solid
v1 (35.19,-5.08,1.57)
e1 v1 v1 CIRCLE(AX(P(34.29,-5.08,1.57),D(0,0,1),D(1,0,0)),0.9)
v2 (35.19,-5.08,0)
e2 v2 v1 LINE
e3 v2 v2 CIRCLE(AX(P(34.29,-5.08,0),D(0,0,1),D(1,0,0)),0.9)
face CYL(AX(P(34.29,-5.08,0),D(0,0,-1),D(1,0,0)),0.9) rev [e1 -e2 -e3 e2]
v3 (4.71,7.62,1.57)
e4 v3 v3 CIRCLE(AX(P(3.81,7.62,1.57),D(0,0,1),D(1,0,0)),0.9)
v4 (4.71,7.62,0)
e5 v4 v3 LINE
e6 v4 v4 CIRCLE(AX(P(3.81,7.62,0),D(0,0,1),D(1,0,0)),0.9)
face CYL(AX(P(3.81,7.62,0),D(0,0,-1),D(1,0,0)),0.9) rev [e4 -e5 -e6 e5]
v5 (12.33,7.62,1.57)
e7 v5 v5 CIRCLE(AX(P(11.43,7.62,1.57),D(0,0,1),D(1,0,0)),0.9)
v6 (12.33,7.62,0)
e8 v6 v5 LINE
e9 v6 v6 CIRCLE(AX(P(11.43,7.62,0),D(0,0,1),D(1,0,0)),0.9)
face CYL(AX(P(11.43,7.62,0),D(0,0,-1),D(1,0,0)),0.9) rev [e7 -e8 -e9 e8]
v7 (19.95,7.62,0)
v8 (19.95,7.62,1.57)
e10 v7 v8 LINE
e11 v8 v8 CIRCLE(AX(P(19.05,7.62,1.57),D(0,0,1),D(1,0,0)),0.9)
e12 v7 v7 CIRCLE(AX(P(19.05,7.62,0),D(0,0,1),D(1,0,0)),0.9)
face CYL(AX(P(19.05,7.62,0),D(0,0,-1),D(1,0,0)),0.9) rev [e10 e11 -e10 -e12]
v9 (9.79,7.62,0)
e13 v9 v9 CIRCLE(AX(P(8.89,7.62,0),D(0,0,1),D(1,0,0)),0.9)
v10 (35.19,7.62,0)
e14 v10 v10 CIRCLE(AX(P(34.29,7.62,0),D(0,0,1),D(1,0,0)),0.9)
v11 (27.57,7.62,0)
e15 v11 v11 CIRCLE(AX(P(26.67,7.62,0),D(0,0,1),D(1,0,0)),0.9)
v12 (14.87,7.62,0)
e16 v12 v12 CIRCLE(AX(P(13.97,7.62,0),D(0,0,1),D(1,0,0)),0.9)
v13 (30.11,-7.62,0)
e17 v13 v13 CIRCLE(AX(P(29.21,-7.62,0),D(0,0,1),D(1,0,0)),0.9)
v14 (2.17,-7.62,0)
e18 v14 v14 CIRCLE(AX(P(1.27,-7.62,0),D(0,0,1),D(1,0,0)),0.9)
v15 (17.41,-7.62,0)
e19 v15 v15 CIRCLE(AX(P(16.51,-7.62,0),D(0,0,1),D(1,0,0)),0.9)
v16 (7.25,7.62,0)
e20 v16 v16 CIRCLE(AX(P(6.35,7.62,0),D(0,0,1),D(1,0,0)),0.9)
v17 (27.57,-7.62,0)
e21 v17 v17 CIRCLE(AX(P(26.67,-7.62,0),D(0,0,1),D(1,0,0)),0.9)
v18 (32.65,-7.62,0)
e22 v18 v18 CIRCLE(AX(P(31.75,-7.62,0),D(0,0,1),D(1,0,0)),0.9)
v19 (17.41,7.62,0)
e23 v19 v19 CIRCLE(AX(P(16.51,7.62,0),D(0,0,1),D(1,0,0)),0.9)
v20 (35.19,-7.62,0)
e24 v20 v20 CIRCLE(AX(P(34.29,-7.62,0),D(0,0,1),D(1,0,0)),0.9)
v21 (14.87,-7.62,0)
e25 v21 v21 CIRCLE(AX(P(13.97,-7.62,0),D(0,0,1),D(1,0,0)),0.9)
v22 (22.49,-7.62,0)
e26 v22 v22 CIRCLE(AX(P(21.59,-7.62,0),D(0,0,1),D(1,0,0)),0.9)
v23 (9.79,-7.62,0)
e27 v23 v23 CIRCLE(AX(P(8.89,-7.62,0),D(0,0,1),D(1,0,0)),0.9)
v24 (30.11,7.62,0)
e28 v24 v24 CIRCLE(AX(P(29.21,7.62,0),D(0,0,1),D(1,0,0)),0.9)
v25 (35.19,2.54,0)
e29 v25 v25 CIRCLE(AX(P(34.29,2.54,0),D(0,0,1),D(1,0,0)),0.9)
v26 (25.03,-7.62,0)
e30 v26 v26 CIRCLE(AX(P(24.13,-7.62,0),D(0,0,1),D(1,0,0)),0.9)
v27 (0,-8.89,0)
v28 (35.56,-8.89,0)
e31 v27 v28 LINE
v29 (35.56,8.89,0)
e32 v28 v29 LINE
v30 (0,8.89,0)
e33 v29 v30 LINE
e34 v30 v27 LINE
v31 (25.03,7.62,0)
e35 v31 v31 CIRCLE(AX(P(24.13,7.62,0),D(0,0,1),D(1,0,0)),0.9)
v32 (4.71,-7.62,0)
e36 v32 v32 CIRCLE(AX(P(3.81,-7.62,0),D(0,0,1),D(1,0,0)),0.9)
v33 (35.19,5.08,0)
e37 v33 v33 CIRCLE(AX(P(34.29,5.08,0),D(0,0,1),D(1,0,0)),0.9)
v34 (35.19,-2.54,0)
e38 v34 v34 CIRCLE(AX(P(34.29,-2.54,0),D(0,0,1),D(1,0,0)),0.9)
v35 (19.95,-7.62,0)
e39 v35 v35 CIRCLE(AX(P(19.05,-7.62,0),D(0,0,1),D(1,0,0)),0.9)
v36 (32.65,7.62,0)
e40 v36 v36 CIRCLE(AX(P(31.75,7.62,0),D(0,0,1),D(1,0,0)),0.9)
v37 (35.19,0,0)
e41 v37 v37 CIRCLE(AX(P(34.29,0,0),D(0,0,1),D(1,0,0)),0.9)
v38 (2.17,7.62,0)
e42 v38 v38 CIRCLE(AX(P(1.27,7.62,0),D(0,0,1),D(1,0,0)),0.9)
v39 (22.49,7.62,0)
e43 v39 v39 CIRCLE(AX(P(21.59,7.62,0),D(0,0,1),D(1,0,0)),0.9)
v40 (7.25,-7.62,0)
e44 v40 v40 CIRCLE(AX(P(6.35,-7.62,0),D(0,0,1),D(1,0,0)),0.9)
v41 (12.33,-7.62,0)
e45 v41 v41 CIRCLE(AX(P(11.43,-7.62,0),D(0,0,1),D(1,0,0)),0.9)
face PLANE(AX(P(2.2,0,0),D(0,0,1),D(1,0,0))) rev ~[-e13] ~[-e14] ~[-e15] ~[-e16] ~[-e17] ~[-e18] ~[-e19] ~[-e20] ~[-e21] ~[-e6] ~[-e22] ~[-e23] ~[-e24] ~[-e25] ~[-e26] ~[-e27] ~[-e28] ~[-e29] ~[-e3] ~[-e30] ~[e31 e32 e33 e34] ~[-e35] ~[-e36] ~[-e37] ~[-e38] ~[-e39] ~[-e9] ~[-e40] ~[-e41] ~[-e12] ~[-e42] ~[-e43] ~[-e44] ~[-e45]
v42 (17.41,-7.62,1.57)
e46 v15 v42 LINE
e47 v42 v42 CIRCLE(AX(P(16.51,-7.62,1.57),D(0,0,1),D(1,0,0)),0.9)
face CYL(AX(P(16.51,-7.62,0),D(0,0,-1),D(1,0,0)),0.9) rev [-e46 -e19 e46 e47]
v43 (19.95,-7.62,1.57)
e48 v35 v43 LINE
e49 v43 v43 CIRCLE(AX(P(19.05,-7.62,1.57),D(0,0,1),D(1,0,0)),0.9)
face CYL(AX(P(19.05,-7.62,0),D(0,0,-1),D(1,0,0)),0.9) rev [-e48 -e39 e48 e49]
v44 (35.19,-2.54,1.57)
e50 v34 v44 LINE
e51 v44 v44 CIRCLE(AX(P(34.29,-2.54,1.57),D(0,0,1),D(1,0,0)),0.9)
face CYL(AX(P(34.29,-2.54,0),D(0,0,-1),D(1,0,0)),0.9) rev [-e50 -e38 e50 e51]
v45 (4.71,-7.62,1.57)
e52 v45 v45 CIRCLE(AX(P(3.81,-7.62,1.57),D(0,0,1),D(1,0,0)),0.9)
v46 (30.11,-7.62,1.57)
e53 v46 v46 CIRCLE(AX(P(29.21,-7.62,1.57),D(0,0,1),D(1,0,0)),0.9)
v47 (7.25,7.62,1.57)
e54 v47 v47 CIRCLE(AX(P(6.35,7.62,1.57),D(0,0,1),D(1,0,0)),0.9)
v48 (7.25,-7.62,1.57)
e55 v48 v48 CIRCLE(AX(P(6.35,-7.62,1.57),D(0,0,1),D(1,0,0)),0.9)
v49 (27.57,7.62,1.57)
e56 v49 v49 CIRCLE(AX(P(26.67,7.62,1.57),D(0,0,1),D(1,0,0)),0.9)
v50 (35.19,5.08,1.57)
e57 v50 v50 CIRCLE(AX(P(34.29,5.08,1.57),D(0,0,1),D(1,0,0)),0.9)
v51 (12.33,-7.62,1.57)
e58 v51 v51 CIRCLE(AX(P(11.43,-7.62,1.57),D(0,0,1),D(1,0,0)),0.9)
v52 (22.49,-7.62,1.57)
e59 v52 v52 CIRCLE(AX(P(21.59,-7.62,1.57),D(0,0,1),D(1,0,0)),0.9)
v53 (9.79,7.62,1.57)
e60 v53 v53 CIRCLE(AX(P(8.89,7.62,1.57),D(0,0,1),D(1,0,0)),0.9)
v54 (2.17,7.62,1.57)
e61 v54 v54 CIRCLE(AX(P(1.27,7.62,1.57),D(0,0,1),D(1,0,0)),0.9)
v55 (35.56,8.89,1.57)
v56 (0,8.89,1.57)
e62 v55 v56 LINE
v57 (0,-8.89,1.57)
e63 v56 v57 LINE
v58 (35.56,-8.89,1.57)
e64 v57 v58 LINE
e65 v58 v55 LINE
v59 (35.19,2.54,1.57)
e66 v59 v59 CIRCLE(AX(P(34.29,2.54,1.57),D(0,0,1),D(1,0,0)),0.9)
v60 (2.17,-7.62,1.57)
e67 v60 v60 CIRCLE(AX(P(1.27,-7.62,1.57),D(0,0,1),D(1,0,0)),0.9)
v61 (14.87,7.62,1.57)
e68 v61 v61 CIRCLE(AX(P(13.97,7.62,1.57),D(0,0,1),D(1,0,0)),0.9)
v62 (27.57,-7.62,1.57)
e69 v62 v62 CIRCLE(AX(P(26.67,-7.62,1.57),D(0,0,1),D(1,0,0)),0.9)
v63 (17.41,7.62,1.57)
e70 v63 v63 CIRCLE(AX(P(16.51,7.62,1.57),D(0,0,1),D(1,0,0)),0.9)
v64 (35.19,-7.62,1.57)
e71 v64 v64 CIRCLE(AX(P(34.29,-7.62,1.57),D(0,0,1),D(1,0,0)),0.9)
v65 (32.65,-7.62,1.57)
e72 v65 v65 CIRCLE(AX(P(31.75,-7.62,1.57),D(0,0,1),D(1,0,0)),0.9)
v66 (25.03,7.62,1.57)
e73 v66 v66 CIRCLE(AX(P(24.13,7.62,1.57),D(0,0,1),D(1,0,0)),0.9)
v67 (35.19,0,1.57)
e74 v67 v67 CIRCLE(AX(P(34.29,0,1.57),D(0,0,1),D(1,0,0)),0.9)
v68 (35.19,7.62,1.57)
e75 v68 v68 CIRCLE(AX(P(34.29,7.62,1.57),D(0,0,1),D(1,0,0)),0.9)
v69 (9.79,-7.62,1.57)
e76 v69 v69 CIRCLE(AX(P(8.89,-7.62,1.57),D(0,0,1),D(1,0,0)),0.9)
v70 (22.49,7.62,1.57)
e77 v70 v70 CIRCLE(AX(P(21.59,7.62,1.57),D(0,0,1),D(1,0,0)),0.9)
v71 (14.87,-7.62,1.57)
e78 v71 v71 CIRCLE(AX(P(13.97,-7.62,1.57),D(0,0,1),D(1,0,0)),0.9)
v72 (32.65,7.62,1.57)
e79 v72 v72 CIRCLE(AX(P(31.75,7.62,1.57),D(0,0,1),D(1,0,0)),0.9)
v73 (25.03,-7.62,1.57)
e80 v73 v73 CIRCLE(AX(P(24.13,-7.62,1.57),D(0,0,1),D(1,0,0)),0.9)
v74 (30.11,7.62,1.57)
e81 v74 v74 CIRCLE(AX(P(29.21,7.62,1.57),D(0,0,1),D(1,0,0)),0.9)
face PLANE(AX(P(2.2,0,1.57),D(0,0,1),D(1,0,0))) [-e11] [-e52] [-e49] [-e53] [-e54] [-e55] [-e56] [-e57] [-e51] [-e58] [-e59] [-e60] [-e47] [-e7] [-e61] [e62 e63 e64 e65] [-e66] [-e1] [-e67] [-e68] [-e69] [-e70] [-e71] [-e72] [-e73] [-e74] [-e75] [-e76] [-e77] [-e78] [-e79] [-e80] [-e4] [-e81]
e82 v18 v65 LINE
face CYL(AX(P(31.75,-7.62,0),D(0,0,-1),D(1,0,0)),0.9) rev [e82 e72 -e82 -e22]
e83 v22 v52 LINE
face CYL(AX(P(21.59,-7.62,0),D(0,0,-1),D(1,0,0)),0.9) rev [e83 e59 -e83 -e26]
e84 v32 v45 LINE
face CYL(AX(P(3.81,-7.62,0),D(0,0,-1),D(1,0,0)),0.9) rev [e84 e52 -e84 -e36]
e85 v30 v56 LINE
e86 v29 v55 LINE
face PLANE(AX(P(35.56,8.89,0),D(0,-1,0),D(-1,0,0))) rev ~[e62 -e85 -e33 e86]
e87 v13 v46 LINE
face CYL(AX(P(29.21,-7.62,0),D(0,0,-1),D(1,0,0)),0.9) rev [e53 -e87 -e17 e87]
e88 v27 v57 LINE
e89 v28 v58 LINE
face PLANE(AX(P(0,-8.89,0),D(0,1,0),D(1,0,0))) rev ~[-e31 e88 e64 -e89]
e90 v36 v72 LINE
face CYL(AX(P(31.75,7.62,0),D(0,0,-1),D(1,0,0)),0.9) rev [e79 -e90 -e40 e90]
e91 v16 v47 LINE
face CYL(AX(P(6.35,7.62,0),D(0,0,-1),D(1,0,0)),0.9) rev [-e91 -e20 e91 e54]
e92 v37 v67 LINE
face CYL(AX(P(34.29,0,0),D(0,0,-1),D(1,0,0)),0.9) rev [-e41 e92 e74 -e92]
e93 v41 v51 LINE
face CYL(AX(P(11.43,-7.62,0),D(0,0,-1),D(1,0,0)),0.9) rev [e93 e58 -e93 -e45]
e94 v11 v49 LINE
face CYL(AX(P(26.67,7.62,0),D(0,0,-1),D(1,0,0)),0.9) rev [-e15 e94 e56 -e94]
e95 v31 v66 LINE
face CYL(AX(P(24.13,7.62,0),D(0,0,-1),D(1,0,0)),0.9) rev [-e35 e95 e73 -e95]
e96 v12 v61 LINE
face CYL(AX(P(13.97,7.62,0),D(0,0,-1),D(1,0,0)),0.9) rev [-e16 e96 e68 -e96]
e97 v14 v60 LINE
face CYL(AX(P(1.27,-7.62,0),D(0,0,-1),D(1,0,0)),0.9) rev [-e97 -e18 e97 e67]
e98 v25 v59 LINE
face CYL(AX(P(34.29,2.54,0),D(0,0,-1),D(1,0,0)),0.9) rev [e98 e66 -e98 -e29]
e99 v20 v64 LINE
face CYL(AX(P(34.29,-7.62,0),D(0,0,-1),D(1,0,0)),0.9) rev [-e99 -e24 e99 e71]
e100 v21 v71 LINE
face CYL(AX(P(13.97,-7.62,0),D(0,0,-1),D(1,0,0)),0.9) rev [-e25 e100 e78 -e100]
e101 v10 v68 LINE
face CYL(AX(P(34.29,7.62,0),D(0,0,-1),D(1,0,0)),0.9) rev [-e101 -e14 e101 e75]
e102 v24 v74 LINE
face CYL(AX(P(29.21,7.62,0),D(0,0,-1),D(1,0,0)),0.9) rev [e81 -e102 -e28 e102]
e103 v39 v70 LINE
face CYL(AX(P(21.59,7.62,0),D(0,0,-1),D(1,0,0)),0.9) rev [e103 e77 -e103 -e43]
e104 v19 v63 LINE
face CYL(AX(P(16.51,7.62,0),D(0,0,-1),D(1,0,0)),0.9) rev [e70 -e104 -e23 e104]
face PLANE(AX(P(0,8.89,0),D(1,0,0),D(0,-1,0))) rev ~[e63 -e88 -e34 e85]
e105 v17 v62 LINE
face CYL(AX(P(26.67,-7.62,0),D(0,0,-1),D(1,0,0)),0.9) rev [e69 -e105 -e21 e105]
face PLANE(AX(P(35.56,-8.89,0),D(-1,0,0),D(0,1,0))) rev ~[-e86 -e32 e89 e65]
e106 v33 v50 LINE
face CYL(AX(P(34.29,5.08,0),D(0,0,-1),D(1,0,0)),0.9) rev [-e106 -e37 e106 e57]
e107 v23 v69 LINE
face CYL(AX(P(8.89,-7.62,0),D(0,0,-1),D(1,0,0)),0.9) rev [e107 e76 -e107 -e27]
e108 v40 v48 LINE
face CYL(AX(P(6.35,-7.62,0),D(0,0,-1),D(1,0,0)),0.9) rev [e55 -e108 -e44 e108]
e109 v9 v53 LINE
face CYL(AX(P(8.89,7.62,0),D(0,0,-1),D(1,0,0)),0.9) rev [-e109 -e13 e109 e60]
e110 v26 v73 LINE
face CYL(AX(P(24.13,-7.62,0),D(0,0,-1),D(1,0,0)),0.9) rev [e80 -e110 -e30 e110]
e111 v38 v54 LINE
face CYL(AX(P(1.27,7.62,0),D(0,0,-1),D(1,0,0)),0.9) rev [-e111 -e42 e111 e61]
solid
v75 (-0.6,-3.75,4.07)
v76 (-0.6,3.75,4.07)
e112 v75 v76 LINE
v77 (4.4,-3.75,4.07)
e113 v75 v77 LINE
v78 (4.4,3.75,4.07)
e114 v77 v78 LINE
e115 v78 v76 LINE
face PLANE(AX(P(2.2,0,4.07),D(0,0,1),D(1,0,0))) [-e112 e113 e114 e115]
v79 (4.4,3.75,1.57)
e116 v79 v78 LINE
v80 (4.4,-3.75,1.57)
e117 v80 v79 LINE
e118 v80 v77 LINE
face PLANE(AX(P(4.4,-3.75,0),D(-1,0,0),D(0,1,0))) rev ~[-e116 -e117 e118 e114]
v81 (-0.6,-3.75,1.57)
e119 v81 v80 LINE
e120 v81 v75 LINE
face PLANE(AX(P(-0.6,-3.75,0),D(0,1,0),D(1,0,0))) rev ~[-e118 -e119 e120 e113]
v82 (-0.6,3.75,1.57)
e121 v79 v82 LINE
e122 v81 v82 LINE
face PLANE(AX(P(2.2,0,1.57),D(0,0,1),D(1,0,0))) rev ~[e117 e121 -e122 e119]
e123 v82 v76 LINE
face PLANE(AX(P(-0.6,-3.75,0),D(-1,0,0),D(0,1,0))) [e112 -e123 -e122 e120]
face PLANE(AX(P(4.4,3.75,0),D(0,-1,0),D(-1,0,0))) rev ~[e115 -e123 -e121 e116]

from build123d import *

# Parameters (mm, degrees)
F0_W     = 4.4
F0_H     = 7.5
F0_W_2   = 0.6
F1_DEPTH = 4.07
F2_DEPTH = 1.57
F0_R     = 0.9
F3_DEPTH = 1.57


with BuildPart() as f1:
    # F0 (on Top) → F1 (new body)
    with BuildSketch(Plane.XY):
        with Locations((2.2, 0)):
            Rectangle(F0_W, F0_H)
        with Locations((-0.3, 0)):
            Rectangle(F0_W_2, F0_H)
    extrude(amount=F1_DEPTH)

    # F0 (on Top) → F2 (cut)
    with BuildSketch(Plane.XY):
        with Locations((2.2, 0)):
            Rectangle(F0_W, F0_H)
        with Locations((-0.3, 0)):
            Rectangle(F0_W_2, F0_H)
    extrude(amount=F2_DEPTH, mode=Mode.SUBTRACT)


with BuildPart() as f3:
    # F0 (on Top) → F3 (new body)
    with BuildSketch(Plane.XY):
        with Locations((2.2, 0)):
            Rectangle(F0_W, F0_H)
        Polygon((35.56, 8.89), (0, 8.89), (0, 3.75), (4.4, 3.75), (4.4, -3.75), (0, -3.75), (0, -8.89), (35.56, -8.89), align=None)
        with Locations((1.27, -7.62)):
            Circle(F0_R, mode=Mode.SUBTRACT)
        with Locations((3.81, -7.62)):
            Circle(F0_R, mode=Mode.SUBTRACT)
        with Locations((6.35, -7.62)):
            Circle(F0_R, mode=Mode.SUBTRACT)
        with Locations((8.89, -7.62)):
            Circle(F0_R, mode=Mode.SUBTRACT)
        with Locations((11.43, -7.62)):
            Circle(F0_R, mode=Mode.SUBTRACT)
        with Locations((13.97, -7.62)):
            Circle(F0_R, mode=Mode.SUBTRACT)
        with Locations((16.51, -7.62)):
            Circle(F0_R, mode=Mode.SUBTRACT)
        with Locations((19.05, -7.62)):
            Circle(F0_R, mode=Mode.SUBTRACT)
        with Locations((21.59, -7.62)):
            Circle(F0_R, mode=Mode.SUBTRACT)
        with Locations((24.13, -7.62)):
            Circle(F0_R, mode=Mode.SUBTRACT)
        with Locations((26.67, -7.62)):
            Circle(F0_R, mode=Mode.SUBTRACT)
        with Locations((29.21, -7.62)):
            Circle(F0_R, mode=Mode.SUBTRACT)
        with Locations((31.75, -7.62)):
            Circle(F0_R, mode=Mode.SUBTRACT)
        with Locations((34.29, -7.62)):
            Circle(F0_R, mode=Mode.SUBTRACT)
        with Locations((34.29, -5.08)):
            Circle(F0_R, mode=Mode.SUBTRACT)
        with Locations((34.29, -2.54)):
            Circle(F0_R, mode=Mode.SUBTRACT)
        with Locations((34.29, 0)):
            Circle(F0_R, mode=Mode.SUBTRACT)
        with Locations((1.27, 7.62)):
            Circle(F0_R, mode=Mode.SUBTRACT)
        with Locations((3.81, 7.62)):
            Circle(F0_R, mode=Mode.SUBTRACT)
        with Locations((6.35, 7.62)):
            Circle(F0_R, mode=Mode.SUBTRACT)
        with Locations((8.89, 7.62)):
            Circle(F0_R, mode=Mode.SUBTRACT)
        with Locations((11.43, 7.62)):
            Circle(F0_R, mode=Mode.SUBTRACT)
        with Locations((13.97, 7.62)):
            Circle(F0_R, mode=Mode.SUBTRACT)
        with Locations((16.51, 7.62)):
            Circle(F0_R, mode=Mode.SUBTRACT)
        with Locations((34.29, 2.54)):
            Circle(F0_R, mode=Mode.SUBTRACT)
        with Locations((19.05, 7.62)):
            Circle(F0_R, mode=Mode.SUBTRACT)
        with Locations((21.59, 7.62)):
            Circle(F0_R, mode=Mode.SUBTRACT)
        with Locations((24.13, 7.62)):
            Circle(F0_R, mode=Mode.SUBTRACT)
        with Locations((34.29, 5.08)):
            Circle(F0_R, mode=Mode.SUBTRACT)
        with Locations((26.67, 7.62)):
            Circle(F0_R, mode=Mode.SUBTRACT)
        with Locations((29.21, 7.62)):
            Circle(F0_R, mode=Mode.SUBTRACT)
        with Locations((31.75, 7.62)):
            Circle(F0_R, mode=Mode.SUBTRACT)
        with Locations((34.29, 7.62)):
            Circle(F0_R, mode=Mode.SUBTRACT)
    extrude(amount=F3_DEPTH)


solid = Compound([f1.part, f3.part])
